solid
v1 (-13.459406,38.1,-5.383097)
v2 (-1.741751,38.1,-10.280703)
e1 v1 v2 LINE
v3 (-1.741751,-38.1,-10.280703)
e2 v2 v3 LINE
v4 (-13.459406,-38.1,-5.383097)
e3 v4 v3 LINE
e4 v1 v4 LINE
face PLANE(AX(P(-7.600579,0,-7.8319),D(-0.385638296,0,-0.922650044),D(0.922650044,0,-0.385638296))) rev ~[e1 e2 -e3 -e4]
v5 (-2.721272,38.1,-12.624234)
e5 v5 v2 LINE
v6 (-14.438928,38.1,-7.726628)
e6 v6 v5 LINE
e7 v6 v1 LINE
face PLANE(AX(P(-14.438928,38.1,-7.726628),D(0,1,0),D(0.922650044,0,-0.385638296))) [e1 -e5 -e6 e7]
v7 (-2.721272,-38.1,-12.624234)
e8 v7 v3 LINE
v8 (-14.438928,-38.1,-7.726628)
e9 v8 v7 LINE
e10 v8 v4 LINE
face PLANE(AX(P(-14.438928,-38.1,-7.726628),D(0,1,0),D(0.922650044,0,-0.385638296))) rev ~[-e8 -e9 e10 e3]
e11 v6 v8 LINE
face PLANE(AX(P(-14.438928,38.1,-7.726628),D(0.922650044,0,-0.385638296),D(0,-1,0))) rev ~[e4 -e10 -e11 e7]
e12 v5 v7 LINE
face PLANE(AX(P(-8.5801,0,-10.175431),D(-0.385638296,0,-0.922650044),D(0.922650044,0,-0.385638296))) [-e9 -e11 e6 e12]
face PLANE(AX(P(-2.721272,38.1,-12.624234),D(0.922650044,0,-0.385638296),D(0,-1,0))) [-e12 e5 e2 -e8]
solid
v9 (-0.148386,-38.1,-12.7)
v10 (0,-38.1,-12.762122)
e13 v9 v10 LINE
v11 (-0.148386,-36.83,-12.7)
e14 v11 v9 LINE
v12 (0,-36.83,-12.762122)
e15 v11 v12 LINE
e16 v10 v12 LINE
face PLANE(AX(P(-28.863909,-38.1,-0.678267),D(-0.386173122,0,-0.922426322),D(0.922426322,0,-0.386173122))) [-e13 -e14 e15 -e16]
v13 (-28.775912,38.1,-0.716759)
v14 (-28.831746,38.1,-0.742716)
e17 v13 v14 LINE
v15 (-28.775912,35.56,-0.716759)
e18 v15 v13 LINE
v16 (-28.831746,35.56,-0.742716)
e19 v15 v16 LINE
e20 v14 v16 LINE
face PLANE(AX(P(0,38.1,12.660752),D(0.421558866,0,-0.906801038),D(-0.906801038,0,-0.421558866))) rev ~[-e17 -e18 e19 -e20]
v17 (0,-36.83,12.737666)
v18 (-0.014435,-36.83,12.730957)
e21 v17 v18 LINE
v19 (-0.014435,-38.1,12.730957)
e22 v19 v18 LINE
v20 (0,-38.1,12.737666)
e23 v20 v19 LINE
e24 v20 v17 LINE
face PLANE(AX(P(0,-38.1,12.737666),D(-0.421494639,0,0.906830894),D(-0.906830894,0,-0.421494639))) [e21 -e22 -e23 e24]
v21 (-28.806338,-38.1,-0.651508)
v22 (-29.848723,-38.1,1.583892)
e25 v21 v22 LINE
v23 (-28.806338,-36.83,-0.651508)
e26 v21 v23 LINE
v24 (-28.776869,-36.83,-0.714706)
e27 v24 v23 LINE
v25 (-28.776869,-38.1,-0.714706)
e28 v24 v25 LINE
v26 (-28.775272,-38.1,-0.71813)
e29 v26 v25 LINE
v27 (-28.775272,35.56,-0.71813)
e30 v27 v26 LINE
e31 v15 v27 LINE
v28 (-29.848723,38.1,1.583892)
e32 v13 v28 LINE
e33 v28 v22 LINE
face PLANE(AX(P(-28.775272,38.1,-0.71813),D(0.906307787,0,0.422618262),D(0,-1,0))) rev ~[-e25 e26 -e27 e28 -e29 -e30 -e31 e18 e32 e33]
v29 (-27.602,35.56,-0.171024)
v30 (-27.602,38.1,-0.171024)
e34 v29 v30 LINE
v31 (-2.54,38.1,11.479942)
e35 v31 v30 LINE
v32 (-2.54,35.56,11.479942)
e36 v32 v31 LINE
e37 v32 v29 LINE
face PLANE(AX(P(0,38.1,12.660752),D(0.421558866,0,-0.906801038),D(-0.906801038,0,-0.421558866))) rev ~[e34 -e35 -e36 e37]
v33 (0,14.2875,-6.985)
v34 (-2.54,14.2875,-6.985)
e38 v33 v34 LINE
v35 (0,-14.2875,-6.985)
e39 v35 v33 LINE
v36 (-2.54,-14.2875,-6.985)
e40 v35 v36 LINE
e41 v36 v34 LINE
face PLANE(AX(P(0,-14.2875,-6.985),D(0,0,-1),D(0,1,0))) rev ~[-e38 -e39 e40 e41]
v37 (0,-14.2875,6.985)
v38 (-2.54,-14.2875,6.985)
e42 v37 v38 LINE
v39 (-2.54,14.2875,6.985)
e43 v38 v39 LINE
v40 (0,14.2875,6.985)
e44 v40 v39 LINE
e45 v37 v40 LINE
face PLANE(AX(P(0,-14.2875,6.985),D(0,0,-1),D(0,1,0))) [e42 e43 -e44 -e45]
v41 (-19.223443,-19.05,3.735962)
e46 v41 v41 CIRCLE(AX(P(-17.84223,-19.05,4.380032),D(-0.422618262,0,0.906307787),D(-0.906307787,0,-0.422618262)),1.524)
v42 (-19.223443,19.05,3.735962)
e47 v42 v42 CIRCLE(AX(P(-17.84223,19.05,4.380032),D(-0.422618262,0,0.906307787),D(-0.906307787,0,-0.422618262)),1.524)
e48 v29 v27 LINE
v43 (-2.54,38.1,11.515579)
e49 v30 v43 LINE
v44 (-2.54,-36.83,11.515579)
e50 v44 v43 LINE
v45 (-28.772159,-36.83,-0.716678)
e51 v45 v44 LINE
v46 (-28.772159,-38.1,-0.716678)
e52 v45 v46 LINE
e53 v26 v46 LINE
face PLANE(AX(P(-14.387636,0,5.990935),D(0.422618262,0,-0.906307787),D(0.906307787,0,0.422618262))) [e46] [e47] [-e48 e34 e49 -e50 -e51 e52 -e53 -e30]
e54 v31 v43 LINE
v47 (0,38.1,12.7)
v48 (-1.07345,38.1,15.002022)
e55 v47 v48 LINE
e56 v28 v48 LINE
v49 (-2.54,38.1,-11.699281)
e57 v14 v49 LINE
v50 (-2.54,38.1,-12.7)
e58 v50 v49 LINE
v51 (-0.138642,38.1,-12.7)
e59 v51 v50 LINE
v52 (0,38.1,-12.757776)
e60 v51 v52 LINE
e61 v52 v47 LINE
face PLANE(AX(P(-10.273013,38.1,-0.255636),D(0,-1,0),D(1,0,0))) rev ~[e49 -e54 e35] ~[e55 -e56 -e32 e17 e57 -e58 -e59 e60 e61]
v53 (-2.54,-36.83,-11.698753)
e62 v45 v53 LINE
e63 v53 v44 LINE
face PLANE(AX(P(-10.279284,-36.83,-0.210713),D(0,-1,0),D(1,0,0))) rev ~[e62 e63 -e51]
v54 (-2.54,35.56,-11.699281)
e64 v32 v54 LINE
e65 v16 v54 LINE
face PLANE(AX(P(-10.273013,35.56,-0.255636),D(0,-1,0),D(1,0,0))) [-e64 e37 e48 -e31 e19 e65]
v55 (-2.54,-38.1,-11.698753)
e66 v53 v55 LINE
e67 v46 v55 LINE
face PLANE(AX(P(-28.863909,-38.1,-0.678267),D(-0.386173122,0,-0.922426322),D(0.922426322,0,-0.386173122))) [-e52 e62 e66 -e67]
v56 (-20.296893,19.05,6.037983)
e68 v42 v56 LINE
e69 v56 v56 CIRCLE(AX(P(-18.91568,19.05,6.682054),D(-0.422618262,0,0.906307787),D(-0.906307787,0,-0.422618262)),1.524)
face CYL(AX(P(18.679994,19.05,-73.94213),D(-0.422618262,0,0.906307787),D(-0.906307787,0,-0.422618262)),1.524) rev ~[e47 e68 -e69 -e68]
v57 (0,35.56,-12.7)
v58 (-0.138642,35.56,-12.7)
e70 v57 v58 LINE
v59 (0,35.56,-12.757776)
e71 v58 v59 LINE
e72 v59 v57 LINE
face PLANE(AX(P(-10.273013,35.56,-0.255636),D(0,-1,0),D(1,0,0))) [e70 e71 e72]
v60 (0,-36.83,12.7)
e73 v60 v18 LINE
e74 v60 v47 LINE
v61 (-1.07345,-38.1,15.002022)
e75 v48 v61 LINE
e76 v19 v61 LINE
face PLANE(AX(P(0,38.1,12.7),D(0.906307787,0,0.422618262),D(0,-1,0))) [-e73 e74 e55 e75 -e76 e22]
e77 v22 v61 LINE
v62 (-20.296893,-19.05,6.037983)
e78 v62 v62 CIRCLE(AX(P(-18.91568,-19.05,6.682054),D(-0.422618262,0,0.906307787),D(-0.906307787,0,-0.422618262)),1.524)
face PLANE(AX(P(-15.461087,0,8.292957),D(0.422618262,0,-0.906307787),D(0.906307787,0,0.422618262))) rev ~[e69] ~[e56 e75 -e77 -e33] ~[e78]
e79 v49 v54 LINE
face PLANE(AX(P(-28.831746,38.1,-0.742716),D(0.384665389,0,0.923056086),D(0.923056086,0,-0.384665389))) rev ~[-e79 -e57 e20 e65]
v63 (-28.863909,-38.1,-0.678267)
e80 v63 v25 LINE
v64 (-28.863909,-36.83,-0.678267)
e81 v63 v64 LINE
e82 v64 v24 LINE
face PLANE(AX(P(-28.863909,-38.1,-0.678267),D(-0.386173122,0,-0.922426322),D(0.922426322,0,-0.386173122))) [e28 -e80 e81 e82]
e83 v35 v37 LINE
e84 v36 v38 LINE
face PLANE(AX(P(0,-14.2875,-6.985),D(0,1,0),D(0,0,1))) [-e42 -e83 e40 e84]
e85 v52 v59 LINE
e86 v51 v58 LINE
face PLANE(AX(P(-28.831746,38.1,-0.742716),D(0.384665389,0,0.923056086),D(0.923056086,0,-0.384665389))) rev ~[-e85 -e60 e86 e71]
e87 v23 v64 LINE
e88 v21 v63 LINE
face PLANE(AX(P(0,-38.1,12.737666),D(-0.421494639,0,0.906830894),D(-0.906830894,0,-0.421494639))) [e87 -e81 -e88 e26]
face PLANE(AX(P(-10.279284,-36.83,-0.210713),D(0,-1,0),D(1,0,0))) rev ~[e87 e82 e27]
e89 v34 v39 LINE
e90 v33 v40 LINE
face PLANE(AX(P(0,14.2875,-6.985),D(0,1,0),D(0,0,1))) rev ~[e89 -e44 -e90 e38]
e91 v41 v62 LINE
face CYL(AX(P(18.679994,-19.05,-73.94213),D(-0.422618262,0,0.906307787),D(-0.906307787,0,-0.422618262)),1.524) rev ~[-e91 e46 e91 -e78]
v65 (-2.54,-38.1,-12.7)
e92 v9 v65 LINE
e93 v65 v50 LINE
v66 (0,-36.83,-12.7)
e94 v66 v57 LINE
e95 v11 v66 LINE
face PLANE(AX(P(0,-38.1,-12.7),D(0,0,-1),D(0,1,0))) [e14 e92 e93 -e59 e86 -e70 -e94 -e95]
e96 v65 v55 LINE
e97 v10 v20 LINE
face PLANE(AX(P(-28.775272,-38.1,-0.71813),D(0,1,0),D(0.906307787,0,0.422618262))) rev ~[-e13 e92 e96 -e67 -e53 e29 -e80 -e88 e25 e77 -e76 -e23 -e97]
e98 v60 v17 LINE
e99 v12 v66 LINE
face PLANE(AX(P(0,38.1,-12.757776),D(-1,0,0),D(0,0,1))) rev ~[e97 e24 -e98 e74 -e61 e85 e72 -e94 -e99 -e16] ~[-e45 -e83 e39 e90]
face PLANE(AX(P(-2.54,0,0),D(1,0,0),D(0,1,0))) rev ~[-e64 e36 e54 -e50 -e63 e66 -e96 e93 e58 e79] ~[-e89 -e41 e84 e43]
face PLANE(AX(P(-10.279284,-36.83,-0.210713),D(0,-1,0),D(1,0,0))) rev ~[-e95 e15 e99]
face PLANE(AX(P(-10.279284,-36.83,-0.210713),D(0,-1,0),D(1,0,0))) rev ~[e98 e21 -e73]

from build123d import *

# Parameters (mm, degrees)
F7_DEPTH  = 1.27
F8_DEPTH  = 1.27
F0_W      = 76.2
F0_H      = 25.4
F0_W_2    = 28.575
F0_H_2    = 13.97
F9_DEPTH  = 2.54
F2_W      = 31.75
F2_H      = 76.2
F10_DEPTH = 2.54
F11_DEPTH = 2.54
F12_D     = 3.048
F14_W     = 12.7
F14_H     = 76.2
F15_DEPTH = 2.54


with BuildPart() as f7:
    # F6 (on offset) → F7 (new body)
    with BuildSketch(Plane.XZ.offset(38.1)):
        Polygon((0, -12.7621218562), (0, 12.7376662567), (-28.863908723, -0.6782670389), align=None)
    extrude(amount=-F7_DEPTH)

    # F6 (on offset) → F8 (join)
    with BuildSketch(Plane.XZ.offset(38.1)):
        Polygon((0, -12.7621218562), (0, 12.7376662567), (-28.863908723, -0.6782670389), align=None)
    extrude(amount=-F8_DEPTH)

    # F0 (on Right) → F9 (join)
    with BuildSketch(Plane.YZ):
        Rectangle(F0_W, F0_H)
        Rectangle(F0_W_2, F0_H_2, mode=Mode.SUBTRACT)
    extrude(amount=-F9_DEPTH)

    # F2 (on line) → F10 (join)
    with BuildSketch(Plane(origin=(-4.8643822138, 0, 10.4317013215), x_dir=(0.906307787, 0, 0.4226182617), z_dir=(0.4226182617, 0, -0.906307787))):
        with Locations((-10.5077480759, 0)):
            Rectangle(F2_W, F2_H)
    extrude(amount=-F10_DEPTH)

    # F5 (on offset) → F11 (join)
    with BuildSketch(Plane.XZ.offset(-38.1)):
        Polygon((0, -12.7577763051), (0, 12.6607520506), (-28.8317464292, -0.7427155506), align=None)
    extrude(amount=F11_DEPTH)

    # F12 (through all)
    with Locations(Plane(origin=(-4.8643822138, 0, 10.4317013215), x_dir=(0.906307787, 0, 0.4226182617), z_dir=(0.4226182617, 0, -0.906307787))):
        with Locations((-14.3194701523, 19.05), (-14.3194701523, -19.05)):
            Hole(F12_D / 2)


with BuildPart() as f15:
    # F14 (on face) → F15 (new body)
    with BuildSketch(Plane(origin=(-4.8965176408, 0, -11.7150507734), x_dir=(0.9226500445, 0, -0.3856382961), z_dir=(-0.3856382961, 0, -0.9226500445))):
        with Locations((-3.9923936394, 0)):
            Rectangle(F14_W, F14_H)
    extrude(amount=-F15_DEPTH)


solid = Compound([f7.part, f15.part])
